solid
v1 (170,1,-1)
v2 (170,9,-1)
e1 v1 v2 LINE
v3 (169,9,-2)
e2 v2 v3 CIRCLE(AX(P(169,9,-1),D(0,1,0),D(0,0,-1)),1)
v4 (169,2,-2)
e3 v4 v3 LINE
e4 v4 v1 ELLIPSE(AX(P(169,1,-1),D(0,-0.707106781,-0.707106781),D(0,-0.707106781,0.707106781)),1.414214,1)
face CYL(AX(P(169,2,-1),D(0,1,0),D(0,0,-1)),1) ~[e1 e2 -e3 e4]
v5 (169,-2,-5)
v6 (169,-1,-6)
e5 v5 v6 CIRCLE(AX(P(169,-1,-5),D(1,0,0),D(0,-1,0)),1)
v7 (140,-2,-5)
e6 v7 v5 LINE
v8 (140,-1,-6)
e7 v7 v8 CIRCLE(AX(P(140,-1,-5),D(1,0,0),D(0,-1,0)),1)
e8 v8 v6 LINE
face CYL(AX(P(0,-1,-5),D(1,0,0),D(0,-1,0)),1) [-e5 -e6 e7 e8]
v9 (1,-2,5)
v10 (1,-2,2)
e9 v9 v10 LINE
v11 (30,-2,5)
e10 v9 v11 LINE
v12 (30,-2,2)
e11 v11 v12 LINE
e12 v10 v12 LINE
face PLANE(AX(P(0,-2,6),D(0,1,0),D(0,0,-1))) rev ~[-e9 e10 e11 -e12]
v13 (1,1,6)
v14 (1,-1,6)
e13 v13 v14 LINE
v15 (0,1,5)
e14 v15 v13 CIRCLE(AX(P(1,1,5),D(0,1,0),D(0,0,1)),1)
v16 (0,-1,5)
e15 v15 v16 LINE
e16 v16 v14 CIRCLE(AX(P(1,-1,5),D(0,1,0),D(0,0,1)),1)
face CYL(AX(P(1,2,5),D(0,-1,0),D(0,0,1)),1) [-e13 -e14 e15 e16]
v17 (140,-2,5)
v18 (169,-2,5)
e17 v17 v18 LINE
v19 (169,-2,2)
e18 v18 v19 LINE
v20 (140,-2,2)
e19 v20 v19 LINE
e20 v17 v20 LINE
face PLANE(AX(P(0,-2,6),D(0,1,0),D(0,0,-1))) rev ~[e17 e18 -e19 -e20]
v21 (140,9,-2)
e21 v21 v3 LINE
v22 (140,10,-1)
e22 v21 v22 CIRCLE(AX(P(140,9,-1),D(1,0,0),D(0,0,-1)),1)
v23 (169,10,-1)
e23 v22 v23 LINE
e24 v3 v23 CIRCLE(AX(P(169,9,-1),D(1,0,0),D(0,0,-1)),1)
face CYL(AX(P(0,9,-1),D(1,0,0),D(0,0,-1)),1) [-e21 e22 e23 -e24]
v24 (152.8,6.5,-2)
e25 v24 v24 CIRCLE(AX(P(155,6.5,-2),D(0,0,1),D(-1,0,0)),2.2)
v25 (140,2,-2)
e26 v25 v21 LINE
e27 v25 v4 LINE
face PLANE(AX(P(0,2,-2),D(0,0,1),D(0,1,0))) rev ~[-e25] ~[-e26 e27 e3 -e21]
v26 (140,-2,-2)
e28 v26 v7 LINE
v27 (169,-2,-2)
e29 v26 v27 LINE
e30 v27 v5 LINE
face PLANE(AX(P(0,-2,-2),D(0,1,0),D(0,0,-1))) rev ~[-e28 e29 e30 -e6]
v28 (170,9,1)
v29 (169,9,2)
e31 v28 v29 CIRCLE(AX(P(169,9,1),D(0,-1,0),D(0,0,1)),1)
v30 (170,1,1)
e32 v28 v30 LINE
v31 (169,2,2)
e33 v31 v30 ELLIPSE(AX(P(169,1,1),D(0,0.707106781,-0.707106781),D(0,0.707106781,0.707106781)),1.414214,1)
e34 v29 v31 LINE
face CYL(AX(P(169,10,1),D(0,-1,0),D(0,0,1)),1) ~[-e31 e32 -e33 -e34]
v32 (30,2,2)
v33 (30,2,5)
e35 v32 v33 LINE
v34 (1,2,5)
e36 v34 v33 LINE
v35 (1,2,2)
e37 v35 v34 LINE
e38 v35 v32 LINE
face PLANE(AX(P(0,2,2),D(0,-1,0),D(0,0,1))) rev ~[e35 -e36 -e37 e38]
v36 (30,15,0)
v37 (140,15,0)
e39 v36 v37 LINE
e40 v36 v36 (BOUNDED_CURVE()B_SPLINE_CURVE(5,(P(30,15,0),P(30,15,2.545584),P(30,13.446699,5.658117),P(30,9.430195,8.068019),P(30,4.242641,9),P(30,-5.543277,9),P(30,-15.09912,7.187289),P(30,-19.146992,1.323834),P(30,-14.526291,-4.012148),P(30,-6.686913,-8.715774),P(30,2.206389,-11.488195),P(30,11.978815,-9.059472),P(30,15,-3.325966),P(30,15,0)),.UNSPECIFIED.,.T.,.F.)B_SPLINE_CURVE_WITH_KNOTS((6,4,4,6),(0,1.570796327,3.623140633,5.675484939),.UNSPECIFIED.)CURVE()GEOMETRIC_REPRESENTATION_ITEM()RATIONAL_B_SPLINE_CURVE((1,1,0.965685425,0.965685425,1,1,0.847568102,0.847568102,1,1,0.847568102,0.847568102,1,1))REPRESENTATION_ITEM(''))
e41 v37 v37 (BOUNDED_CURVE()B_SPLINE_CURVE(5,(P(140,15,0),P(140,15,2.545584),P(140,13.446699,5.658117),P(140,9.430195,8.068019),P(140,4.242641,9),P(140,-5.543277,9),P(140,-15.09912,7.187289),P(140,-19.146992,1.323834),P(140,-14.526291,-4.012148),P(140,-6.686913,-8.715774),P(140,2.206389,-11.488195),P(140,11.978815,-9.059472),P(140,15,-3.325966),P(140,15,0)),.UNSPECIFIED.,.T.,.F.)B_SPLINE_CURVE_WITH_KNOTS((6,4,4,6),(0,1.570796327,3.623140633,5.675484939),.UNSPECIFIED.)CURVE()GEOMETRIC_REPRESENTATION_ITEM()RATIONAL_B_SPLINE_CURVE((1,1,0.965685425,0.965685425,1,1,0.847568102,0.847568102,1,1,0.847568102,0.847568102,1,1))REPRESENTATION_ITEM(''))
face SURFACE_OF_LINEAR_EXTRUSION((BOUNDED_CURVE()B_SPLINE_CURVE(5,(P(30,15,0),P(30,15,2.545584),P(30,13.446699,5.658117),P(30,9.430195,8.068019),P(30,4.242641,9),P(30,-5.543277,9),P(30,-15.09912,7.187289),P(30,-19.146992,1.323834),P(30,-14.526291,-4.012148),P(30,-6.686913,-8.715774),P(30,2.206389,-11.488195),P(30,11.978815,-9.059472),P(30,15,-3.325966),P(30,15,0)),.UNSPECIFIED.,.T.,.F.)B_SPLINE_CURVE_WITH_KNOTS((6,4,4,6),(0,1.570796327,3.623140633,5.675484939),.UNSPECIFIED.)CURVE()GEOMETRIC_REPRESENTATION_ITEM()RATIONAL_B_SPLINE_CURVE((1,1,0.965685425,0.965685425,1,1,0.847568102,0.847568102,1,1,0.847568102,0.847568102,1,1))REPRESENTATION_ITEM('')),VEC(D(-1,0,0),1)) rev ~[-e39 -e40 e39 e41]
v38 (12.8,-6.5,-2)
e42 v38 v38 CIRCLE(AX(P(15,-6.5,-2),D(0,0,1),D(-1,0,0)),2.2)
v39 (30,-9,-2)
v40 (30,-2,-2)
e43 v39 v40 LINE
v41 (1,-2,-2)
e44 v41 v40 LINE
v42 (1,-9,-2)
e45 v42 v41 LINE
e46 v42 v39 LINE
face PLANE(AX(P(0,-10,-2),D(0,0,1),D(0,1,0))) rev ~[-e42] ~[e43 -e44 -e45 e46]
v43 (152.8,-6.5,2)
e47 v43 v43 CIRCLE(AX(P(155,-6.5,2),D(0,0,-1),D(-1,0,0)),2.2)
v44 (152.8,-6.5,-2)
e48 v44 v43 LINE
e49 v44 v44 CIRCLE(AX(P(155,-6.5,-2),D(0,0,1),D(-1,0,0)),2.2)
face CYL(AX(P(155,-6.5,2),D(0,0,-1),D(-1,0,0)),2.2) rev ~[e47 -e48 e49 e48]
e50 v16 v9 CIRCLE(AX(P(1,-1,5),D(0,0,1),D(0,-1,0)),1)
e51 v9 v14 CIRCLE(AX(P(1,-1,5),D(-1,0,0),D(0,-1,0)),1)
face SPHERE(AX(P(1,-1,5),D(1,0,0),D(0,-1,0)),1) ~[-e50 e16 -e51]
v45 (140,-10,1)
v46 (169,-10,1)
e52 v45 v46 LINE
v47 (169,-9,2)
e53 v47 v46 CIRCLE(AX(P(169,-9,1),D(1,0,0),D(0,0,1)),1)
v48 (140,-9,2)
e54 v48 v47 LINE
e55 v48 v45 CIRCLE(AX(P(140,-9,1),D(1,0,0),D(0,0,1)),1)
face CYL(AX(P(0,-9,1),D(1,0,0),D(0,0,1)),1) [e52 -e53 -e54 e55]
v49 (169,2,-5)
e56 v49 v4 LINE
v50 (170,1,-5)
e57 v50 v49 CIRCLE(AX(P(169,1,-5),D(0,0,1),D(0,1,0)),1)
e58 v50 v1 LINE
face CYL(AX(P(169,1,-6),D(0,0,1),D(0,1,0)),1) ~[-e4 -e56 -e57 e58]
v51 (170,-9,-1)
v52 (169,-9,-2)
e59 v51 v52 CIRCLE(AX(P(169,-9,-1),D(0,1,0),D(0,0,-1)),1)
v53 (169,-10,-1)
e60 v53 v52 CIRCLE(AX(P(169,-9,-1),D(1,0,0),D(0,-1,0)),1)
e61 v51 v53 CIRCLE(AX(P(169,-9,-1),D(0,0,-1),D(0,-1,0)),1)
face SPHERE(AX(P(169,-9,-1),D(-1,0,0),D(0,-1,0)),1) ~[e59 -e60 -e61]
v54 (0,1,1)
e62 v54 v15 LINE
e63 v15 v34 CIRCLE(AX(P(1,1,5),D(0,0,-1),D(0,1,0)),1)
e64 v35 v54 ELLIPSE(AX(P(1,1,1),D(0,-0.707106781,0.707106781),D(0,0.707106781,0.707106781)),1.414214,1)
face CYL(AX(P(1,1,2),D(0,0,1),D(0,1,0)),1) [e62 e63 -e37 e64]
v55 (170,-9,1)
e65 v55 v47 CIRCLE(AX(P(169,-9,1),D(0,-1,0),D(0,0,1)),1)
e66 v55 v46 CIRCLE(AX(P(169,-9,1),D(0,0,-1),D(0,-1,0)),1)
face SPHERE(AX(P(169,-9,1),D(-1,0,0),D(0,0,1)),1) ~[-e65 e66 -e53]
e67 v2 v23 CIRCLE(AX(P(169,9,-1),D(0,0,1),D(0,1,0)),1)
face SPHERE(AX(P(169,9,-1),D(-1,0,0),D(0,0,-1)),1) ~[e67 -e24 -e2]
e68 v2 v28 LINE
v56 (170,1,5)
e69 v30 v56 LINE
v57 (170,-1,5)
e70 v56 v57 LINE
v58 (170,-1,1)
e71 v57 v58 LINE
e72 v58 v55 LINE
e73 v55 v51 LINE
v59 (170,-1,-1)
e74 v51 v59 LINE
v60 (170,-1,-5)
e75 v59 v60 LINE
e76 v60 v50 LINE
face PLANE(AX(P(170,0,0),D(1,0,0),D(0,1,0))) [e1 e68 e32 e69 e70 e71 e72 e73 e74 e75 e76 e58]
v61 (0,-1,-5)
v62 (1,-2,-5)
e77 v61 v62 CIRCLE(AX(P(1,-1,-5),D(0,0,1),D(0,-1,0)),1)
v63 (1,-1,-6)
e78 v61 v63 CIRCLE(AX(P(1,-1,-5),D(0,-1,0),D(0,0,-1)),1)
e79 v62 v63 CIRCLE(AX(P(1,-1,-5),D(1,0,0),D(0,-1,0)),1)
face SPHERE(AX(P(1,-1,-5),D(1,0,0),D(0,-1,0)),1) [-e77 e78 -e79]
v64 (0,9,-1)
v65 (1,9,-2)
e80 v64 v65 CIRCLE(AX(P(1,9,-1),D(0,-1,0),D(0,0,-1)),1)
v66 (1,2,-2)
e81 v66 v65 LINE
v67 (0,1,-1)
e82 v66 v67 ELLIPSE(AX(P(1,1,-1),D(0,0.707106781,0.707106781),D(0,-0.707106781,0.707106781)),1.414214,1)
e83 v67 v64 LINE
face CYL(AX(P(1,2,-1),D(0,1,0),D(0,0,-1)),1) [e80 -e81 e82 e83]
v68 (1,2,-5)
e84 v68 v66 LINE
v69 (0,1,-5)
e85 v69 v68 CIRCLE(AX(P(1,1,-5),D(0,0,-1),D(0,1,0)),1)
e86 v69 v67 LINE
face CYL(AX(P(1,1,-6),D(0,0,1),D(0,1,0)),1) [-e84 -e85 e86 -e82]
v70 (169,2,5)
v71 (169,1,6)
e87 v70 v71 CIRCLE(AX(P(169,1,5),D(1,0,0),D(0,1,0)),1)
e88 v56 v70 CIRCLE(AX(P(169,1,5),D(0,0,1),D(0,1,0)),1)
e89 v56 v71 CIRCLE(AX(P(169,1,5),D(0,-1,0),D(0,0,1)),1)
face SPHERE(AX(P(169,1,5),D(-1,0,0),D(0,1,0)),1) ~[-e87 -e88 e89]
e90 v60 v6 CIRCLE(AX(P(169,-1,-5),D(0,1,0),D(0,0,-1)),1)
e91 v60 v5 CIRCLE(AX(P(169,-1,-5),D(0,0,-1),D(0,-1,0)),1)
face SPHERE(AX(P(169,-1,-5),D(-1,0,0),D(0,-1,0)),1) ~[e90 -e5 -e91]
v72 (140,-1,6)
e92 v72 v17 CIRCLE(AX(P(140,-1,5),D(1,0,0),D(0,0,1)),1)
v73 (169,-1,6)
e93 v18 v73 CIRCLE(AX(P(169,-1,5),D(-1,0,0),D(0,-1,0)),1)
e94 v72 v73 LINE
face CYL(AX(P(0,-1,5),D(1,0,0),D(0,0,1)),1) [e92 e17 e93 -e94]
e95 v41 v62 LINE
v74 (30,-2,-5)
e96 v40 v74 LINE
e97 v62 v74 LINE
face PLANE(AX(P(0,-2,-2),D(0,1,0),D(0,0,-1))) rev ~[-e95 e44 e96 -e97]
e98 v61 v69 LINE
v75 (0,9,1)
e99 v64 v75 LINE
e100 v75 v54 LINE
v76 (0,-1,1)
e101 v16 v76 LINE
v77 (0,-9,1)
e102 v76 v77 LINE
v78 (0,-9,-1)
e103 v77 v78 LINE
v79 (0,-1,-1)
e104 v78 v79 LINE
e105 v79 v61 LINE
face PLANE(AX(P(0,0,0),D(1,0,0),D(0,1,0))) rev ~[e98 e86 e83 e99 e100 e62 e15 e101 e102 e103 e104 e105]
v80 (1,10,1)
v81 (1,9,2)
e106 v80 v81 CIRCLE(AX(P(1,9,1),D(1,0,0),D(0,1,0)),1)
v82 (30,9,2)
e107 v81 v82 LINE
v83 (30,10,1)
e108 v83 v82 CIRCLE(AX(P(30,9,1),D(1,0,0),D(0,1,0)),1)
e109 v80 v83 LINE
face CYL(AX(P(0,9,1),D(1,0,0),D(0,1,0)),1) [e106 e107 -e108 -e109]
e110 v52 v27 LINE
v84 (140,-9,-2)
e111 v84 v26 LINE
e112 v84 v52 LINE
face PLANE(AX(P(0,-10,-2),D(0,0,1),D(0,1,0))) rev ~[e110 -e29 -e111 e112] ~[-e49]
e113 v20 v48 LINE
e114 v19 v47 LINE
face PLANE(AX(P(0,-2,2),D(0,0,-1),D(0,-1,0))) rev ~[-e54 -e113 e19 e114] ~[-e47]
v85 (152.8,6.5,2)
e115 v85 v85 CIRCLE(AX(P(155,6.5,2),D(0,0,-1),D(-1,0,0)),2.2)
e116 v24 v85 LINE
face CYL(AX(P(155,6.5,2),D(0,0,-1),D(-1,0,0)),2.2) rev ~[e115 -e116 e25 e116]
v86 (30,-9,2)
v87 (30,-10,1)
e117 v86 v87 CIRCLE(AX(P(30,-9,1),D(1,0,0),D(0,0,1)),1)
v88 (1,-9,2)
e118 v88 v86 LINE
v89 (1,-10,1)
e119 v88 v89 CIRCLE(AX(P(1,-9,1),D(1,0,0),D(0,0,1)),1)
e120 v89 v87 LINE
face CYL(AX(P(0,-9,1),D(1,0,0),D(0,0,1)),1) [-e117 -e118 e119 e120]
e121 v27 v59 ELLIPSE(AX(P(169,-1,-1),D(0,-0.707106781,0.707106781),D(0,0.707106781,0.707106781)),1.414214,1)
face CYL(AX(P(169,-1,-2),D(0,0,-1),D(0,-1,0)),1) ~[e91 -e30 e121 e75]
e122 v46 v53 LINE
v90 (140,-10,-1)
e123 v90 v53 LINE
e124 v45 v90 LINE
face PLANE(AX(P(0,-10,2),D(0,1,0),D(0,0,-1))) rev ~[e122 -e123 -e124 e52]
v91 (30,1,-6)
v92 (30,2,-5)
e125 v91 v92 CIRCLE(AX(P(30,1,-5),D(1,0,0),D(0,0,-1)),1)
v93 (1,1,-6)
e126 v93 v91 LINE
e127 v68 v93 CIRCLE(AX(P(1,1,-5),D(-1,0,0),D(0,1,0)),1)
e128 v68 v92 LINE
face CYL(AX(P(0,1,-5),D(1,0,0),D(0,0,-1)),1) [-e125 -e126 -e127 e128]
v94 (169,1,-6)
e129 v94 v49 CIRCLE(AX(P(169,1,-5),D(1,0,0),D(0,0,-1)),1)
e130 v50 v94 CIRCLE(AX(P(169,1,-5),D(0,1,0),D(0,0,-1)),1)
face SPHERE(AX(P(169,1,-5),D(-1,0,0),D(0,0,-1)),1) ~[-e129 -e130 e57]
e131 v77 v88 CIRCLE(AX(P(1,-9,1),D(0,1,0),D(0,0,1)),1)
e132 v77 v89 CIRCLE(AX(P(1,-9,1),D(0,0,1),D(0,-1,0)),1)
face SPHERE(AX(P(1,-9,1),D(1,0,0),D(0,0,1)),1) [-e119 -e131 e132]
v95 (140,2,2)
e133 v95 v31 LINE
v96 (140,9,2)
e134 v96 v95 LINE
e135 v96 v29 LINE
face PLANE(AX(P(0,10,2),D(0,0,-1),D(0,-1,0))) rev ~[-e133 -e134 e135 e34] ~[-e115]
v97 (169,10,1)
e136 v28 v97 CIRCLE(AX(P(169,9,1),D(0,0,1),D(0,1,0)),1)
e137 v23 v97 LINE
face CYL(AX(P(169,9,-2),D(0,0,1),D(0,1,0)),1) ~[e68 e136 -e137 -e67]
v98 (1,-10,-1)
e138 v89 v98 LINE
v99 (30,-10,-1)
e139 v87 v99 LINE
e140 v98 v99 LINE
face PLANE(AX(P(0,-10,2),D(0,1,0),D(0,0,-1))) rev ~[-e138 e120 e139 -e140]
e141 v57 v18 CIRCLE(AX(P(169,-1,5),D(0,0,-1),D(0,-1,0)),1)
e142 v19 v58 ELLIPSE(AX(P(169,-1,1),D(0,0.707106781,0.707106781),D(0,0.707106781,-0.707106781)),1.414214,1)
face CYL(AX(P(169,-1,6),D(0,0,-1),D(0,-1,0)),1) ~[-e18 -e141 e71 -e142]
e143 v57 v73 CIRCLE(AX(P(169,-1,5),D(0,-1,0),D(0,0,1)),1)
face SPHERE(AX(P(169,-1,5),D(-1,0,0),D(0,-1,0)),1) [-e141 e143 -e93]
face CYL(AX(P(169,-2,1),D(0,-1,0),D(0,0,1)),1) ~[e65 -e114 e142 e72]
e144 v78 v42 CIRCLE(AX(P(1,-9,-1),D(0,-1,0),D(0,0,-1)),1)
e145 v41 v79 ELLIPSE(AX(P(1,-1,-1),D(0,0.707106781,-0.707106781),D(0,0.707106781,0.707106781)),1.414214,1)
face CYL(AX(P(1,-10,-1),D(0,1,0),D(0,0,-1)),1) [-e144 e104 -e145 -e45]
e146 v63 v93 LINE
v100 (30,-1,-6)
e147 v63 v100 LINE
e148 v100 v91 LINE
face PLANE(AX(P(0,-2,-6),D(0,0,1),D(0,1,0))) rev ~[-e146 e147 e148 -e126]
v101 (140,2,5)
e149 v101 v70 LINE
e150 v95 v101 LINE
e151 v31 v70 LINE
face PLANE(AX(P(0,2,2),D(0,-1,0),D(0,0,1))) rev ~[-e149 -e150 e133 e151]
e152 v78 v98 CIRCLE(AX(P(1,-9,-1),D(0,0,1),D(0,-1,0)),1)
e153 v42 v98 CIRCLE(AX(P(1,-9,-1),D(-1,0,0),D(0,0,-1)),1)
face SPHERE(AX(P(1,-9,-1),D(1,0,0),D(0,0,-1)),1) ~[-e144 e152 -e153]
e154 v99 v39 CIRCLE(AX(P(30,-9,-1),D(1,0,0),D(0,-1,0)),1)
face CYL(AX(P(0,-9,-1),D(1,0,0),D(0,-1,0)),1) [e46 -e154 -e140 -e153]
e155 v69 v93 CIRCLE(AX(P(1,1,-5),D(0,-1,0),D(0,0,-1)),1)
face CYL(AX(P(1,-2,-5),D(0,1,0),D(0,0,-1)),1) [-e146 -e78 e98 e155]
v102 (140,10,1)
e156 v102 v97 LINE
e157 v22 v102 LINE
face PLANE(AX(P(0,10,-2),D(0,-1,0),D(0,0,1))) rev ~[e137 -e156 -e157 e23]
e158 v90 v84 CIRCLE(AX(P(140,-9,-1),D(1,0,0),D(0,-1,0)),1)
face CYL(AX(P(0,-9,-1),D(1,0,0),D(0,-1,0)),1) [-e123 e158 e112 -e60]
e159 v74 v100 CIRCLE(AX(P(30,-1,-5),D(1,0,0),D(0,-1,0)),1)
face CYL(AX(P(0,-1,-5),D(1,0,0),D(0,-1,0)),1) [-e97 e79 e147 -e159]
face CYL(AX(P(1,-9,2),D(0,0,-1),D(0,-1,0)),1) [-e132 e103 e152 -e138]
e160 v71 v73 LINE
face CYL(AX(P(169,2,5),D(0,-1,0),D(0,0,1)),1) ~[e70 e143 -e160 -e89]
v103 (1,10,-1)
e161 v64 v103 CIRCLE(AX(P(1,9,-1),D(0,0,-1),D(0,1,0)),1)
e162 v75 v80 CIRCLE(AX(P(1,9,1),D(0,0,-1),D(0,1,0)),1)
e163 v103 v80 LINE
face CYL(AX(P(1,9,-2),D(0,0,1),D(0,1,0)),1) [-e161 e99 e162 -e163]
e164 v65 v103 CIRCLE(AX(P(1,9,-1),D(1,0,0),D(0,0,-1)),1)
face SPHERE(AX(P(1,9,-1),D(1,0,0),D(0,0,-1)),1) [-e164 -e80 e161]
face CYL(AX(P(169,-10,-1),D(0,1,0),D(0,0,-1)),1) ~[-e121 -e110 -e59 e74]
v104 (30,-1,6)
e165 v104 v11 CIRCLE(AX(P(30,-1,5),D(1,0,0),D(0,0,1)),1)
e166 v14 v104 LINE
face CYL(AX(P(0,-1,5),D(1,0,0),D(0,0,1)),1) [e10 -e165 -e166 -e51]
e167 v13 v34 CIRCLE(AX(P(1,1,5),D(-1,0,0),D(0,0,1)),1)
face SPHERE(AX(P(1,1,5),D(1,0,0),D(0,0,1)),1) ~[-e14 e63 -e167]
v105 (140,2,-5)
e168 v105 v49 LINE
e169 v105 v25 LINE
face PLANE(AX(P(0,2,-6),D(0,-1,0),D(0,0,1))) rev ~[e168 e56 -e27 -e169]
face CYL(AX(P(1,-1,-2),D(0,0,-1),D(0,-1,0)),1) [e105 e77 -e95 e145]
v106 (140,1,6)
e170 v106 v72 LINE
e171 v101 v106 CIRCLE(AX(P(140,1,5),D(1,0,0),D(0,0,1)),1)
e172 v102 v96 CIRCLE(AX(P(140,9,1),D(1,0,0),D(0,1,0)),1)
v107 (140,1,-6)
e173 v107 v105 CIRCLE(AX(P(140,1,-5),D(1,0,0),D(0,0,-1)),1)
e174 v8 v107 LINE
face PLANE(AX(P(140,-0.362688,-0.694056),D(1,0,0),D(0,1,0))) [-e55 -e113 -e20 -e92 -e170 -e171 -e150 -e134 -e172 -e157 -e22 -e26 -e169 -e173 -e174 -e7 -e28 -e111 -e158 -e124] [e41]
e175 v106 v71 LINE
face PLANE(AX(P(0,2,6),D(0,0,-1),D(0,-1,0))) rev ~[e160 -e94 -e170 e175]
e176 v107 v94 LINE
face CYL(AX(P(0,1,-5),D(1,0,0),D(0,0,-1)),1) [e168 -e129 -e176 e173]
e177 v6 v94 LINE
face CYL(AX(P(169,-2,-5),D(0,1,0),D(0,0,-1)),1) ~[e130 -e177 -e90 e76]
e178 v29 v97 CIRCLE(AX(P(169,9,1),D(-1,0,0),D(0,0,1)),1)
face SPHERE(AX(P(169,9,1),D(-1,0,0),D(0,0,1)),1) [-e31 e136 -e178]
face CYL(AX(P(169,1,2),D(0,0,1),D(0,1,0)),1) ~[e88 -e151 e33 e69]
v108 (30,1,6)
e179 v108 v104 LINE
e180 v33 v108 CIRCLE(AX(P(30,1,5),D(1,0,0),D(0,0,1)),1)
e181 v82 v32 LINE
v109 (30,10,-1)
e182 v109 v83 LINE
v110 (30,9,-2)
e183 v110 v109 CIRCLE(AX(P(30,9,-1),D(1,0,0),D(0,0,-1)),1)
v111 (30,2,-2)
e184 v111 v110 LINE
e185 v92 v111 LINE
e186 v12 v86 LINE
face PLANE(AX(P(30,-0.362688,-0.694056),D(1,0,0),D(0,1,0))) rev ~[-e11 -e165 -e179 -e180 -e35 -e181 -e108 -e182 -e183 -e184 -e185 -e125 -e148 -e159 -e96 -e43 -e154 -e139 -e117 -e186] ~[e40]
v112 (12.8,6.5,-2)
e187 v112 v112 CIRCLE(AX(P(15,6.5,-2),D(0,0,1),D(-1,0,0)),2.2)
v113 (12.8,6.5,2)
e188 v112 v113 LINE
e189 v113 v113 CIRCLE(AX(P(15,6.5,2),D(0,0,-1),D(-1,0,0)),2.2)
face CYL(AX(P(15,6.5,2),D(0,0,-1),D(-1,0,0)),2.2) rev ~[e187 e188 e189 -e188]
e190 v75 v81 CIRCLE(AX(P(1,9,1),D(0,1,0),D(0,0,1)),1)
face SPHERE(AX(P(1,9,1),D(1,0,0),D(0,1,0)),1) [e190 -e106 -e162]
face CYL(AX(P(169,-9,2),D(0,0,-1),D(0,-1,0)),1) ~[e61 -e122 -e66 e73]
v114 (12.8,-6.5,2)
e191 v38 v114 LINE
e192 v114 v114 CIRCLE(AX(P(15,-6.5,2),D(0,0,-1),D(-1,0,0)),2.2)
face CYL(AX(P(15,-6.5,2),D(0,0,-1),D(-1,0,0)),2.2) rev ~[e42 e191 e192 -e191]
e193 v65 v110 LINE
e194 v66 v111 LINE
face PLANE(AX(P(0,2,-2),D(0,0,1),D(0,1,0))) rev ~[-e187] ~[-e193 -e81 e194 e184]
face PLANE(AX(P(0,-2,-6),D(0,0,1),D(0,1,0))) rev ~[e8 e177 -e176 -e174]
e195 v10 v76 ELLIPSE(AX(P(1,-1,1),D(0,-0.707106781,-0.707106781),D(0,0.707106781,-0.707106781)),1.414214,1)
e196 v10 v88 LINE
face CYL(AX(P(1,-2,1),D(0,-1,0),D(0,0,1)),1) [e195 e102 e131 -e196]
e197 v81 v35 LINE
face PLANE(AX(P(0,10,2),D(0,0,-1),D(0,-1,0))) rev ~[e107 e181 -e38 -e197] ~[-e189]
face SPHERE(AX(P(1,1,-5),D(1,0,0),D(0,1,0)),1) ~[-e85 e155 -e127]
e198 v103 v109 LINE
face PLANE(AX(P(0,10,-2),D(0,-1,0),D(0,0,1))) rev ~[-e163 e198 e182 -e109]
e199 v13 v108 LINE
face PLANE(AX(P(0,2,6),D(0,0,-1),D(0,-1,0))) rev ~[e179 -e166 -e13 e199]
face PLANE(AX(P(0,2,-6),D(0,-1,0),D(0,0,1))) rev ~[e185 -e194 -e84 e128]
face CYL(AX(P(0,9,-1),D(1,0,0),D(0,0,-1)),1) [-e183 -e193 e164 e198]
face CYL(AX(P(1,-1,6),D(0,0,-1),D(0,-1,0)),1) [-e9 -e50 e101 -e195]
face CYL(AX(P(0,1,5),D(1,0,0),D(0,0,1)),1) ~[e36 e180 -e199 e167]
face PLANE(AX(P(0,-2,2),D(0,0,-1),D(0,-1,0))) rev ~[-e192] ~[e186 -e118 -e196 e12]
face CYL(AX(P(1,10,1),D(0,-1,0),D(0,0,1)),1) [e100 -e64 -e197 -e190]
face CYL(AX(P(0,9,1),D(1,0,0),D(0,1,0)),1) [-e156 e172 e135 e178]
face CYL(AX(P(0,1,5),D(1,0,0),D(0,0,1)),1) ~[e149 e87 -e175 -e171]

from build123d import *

# Parameters (mm, degrees)
F1_DEPTH       = 170
F2_R           = 1
F7_DEPTH       = 110
F8_D           = 4.4
F8_DEPTH       = 30
F8_START       = 13
F8_CBORE_D     = 4.4
F8_CBORE_DEPTH = 4
F8_TIP         = 1.3218933619


with BuildPart() as f1:
    # F0 (on Right) → F1 (new body)
    with BuildSketch(Plane.YZ):
        Polygon((2, 6), (0, 6), (-2, 6), (-2, 2), (-10, 2), (-10, 0), (-10, -2), (-2, -2), (-2, -6), (0, -6), (2, -6), (2, -2), (10, -2), (10, 0), (10, 2), (2, 2), align=None)
    extrude(amount=F1_DEPTH)

    # F2
    f2_edges = [f1.edges().sort_by_distance(p)[0] for p in [
        (85, 2, 6),
        (85, -10, 2),
        (85, -2, 6),
        (85, 2, -6),
        (85, 10, -2),
        (85, 10, 2),
        (85, -10, -2),
        (85, -2, -6),
        (170, -2, 4),
        (170, 2, 4),
        (170, 6, 2),
        (170, 0, 6),
        (170, -6, 2),
        (170, -10, 0),
        (170, -6, -2),
        (170, -2, -4),
        (170, 0, -6),
        (170, 2, -4),
        (170, 6, -2),
        (170, 10, 0),
        (0, -2, 4),
        (0, 0, 6),
        (0, 2, 4),
        (0, -6, 2),
        (0, -6, -2),
        (0, -10, 0),
        (0, -2, -4),
        (0, 2, -4),
        (0, 6, -2),
        (0, 10, 0),
        (0, 6, 2),
        (0, 0, -6),
    ]]
    fillet(f2_edges, radius=F2_R)

    # F6 (on offset) → F7 (join)
    with BuildSketch(Plane.YZ.offset(30)):
        with BuildLine():
            add(Edge.make_bspline(
                [(0, 9), (-36.2132034356, 9), (-10.6066017178, -6.3639610307), (15, -21.7279220614), (15, 0)],
                knots=[1.5707963268, 1.5707963268, 1.5707963268, 3.926990817, 3.926990817, 6.2831853072, 6.2831853072, 6.2831853072], degree=2, weights=[1, 0.3826834324, 1, 0.3826834324, 1]))
            Line((15, 0), (0, 0))
            Line((0, 0), (0, 9))
        make_face()
        with BuildLine():
            Line((0, 0), (15, 0))
            add(Edge.make_bspline(
                [(15, 0), (15, 9), (0, 9)],
                knots=[0, 0, 0, 1.5707963268, 1.5707963268, 1.5707963268], degree=2, weights=[1, 0.7071067812, 1]))
            Line((0, 9), (0, 0))
        make_face()
    extrude(amount=F7_DEPTH)

    # F8
    # its depths count from where the whole tool has entered the part; down to there all is cleared
    with Locations(Plane.XY.offset(15).offset(-F8_START)):
        with Locations((15, 6.5), (15, -6.5), (155, -6.5), (155, 6.5)):
            CounterBoreHole(F8_D / 2, F8_CBORE_D / 2, F8_CBORE_DEPTH, depth=F8_DEPTH)
            with Locations((0, 0, -(F8_DEPTH + F8_TIP / 2))):  # 118° drill point
                Cone(0, F8_D / 2, F8_TIP, mode=Mode.SUBTRACT)


solid = f1.part
